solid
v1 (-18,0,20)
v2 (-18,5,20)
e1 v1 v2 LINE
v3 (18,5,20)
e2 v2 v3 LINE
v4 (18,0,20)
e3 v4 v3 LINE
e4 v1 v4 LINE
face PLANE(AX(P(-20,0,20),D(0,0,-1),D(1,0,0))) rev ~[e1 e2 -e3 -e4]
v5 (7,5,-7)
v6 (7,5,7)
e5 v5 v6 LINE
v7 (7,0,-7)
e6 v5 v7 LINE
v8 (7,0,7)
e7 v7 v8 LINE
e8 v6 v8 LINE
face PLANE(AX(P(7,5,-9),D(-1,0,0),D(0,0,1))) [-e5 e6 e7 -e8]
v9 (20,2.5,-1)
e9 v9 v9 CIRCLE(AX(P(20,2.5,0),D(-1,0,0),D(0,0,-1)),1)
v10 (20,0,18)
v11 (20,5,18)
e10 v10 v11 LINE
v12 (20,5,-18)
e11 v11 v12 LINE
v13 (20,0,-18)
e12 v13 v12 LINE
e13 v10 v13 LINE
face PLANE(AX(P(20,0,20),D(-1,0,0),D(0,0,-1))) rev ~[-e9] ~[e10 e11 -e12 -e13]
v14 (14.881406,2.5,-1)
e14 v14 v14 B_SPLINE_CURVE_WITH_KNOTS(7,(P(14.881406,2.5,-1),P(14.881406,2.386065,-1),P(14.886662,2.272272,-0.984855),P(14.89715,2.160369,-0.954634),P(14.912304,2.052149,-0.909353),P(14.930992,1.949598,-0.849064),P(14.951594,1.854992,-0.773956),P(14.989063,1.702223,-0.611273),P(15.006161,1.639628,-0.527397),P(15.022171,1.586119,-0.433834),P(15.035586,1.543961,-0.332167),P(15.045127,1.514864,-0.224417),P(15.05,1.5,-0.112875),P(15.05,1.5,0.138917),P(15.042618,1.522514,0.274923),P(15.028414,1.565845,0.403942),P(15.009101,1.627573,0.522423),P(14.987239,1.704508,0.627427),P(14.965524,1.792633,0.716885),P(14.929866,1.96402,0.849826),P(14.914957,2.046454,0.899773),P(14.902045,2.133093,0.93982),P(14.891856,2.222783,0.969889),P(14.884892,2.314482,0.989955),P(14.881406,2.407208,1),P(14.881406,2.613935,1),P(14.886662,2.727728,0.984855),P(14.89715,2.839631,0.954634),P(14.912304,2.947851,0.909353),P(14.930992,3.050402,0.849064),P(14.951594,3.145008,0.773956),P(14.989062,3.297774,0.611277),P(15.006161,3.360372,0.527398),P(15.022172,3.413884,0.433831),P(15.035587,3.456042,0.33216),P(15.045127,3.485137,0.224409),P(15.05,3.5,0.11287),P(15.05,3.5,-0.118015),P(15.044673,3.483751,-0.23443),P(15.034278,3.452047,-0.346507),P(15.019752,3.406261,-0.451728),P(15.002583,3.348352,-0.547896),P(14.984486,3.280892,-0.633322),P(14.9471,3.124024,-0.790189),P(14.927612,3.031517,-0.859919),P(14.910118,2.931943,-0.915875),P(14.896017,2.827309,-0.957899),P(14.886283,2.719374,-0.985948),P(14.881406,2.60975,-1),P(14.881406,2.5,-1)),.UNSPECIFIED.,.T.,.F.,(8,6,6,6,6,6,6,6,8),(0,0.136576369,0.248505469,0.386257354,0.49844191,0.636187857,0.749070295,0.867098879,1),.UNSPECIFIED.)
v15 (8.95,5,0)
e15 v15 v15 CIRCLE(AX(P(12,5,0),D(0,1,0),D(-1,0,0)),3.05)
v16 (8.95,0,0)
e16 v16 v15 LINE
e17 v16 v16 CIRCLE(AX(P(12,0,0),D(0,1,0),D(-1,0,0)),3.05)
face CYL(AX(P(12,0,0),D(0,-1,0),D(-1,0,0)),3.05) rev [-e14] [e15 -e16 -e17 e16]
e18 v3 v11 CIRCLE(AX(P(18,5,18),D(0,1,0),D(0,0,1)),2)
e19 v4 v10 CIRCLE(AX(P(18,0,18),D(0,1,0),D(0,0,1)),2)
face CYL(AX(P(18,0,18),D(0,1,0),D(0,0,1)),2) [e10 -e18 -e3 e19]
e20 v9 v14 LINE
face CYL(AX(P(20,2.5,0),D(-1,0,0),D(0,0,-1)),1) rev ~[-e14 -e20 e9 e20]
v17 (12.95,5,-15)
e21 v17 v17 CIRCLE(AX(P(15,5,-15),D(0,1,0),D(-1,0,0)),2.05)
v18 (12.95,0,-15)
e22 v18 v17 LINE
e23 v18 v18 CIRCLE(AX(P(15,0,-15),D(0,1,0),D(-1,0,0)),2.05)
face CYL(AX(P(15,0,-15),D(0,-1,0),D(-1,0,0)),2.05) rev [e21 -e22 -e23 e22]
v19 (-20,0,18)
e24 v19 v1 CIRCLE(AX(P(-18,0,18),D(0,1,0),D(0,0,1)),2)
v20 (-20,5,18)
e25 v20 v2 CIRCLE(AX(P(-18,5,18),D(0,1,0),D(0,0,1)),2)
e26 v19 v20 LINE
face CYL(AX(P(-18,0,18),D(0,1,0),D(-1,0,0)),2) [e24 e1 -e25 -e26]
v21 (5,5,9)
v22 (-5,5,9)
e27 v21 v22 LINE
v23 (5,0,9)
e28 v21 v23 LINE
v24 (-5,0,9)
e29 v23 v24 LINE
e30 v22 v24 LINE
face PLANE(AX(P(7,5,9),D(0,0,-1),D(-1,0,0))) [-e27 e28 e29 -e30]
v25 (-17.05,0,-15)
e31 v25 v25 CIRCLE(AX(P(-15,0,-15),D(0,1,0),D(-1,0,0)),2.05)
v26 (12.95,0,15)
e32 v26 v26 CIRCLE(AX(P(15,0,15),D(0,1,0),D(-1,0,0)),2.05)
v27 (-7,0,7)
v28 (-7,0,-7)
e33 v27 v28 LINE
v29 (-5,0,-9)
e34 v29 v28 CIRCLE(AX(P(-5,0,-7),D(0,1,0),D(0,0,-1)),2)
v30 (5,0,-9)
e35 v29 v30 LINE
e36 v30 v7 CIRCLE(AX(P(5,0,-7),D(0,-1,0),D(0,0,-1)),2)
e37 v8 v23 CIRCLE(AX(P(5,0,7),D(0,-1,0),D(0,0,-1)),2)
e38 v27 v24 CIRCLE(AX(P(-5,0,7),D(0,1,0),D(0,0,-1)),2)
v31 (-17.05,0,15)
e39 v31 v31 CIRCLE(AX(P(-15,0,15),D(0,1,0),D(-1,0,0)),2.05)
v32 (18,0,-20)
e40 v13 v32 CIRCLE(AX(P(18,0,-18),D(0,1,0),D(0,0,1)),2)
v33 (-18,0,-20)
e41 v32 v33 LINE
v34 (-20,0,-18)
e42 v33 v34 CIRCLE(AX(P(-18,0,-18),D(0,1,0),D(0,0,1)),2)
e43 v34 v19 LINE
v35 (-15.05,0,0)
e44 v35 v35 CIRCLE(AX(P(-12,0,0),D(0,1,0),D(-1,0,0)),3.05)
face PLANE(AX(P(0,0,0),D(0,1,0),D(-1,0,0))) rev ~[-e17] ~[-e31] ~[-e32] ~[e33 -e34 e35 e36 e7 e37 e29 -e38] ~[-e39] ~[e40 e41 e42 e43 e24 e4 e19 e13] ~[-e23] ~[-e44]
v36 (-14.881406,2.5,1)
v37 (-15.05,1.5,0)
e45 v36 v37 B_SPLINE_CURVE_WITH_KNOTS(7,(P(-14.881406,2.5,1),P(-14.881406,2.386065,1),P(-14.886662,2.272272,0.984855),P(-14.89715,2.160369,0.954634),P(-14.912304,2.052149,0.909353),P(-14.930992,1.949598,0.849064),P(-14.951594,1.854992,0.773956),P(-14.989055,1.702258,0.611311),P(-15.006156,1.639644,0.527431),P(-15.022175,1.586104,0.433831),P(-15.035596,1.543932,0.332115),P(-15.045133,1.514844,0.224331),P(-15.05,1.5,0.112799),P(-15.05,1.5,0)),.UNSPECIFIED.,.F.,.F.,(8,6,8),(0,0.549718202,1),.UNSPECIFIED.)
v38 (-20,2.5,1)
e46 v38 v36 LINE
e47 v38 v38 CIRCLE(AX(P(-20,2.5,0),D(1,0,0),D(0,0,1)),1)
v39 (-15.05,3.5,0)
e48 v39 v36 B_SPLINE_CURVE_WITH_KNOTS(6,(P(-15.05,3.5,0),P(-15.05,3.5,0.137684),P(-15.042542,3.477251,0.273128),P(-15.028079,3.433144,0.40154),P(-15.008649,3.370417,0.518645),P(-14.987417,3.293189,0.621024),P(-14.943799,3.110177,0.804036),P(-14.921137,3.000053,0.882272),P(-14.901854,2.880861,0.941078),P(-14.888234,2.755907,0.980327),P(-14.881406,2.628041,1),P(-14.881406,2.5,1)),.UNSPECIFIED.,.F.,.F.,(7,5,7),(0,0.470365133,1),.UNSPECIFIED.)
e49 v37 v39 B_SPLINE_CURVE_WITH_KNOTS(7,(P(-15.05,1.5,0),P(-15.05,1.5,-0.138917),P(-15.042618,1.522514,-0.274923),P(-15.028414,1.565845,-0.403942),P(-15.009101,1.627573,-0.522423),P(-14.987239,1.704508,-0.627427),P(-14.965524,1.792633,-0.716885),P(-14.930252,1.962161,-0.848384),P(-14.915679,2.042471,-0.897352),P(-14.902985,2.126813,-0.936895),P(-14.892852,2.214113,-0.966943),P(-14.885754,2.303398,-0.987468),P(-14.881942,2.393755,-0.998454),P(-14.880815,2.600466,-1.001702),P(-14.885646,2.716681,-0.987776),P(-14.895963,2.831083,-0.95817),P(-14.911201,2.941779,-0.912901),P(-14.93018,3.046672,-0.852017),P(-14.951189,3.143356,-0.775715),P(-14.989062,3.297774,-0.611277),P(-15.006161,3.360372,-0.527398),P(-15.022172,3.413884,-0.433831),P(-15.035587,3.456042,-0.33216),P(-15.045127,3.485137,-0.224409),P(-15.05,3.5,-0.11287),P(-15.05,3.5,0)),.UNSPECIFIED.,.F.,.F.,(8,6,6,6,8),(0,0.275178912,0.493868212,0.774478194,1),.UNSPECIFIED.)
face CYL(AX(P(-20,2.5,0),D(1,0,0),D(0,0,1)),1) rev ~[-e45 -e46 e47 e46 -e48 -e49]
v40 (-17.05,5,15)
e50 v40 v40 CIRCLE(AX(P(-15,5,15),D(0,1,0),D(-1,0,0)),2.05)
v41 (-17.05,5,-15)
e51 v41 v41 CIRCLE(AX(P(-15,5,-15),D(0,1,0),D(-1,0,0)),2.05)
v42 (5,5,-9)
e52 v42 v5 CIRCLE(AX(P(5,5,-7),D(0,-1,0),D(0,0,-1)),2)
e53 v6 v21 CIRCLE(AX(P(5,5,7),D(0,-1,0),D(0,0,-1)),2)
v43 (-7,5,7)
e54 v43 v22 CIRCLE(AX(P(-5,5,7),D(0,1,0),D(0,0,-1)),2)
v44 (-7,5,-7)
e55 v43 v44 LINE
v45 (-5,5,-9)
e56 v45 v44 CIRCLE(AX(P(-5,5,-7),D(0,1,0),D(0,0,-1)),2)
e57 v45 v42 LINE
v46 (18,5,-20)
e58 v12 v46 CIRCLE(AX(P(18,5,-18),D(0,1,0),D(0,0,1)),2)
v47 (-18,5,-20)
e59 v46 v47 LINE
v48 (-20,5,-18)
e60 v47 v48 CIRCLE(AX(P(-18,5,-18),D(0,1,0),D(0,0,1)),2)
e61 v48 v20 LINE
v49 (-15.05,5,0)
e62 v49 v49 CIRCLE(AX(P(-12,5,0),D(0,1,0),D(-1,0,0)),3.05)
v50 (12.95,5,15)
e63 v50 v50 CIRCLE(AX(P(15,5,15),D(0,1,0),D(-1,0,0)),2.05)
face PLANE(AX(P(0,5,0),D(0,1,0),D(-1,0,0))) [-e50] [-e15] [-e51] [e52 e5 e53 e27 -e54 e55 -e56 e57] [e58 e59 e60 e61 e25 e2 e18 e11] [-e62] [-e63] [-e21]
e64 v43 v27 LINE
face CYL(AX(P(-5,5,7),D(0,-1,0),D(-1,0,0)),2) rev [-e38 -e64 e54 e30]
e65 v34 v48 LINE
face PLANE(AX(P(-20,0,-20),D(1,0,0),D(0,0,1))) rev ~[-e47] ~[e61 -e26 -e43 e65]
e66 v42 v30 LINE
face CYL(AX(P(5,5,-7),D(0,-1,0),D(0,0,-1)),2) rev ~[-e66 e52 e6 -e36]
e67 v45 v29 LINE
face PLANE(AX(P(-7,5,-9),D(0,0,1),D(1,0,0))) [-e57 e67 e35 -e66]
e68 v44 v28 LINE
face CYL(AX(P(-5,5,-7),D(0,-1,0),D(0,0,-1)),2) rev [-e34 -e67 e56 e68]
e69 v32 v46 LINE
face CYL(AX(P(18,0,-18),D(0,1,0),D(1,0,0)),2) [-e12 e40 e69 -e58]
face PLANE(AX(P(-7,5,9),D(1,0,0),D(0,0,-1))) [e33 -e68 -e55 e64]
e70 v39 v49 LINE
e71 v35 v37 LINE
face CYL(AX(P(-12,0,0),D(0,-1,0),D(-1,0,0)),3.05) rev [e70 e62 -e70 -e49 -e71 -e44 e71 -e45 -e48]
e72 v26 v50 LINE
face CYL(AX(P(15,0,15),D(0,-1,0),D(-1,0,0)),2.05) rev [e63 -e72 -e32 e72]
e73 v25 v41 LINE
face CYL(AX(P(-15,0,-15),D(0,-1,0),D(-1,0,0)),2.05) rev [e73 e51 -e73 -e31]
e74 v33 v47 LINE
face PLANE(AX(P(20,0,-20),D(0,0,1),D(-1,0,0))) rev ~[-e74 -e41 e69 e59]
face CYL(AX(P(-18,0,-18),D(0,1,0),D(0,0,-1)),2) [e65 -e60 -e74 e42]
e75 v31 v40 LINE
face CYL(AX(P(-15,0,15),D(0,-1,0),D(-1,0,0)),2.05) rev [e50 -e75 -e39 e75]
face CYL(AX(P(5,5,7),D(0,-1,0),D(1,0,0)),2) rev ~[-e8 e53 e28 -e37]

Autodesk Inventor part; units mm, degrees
ref_plane "YZ Plane" through (0, 0, 0) normal (1, 0, 0) x (0, 1, 0)
ref_plane "XZ Plane" through (0, 0, 0) normal (0, 1, 0) x (-1, 0, 0)
ref_plane "XY Plane" through (0, 0, 0) normal (0, 0, 1) x (1, 0, 0)
sketch "Sketch1" plane through (0, 0, 0) normal (0, 1, 0) x (-1, 0, 0)
  line L0 (-17.5, -17.5) -> (17.5, 17.5) construction
  line L1 (17.5, -17.5) -> (-17.5, 17.5) construction
  circle A0 centre (15, -15) radius 2.05
  circle A1 centre (-15, -15) radius 2.05
  circle A2 centre (-15, 15) radius 2.05
  circle A3 centre (15, 15) radius 2.05
  line L2 (20, 20) -> (-20, 20)
  line L3 (-20, 20) -> (-20, -20)
  line L4 (-20, -20) -> (20, -20)
  line L5 (20, -20) -> (20, 20)
  line L6 (20, 20) -> (-20, -20) construction
  line L7 (-20, 20) -> (20, -20) construction
  circle A4 centre (12, 0) radius 3.05
  circle A5 centre (-12, 0) radius 3.05
  point P0 (0, 0)
  dimension "d0" = 35
  dimension "d1" = 35
  dimension "d2" = 4.1
  dimension "d3" = 4.1
  dimension "d4" = 4.1
  dimension "d5" = 4.1
  dimension "d6" = 30
  dimension "d7" = 30
  dimension "d8" = 30
  dimension "d9" = 30
  dimension "d10" = 40
  dimension "d11" = 40
  dimension "d14" = 6.1
  dimension "d15" = 8
  dimension "d16" = 6.1
  dimension "d17" = 8
extrude "Extrusion2" add sketch "Sketch1" along normal blind 5
sketch "Sketch2" plane through (20, 0, 20) normal (1, 0, 0) x (0, 0, -1)
  circle A0 centre (20, 2.5) radius 1
  line L0 (0, 5) -> (40, 5) projected
  point P0 (20, 0)
  dimension "d20" = 2
  dimension "d21" = 2.5
hole "Hole1" at (20, 2.5, 0) direction (-1, 0, 0) diameter 2 depth 8 tip angle 118
thread "Thread1" size "M2x0.4" class "6H" standard "ANSI Metric M Profile" full length
sketch "Sketch3" plane through (-20, 0, -20) normal (-1, 0, 0) x (0, 0, 1)
  circle A0 centre (20, 2.5) radius 1 projected
  circle A1 centre (20, 2.5) radius 1
  point P0 (20, 0)
  dimension "d31" = 2
hole "Hole2" at (-20, 2.5, 0) direction (1, 0, 0) diameter 2 depth 8 tip angle 118
thread "Thread2" size "M2x0.4" class "6H" standard "ANSI Metric M Profile" full length
sketch "Sketch4" plane through (0, 5, 0) normal (0, 1, 0) x (1, 0, 0)
  line L0 (7, -9) -> (-7, -9)
  line L1 (-7, -9) -> (-7, 9)
  line L2 (-7, 9) -> (7, 9)
  line L3 (7, 9) -> (7, -9)
  line L4 (7, -9) -> (-7, 9) construction
  line L5 (-7, -9) -> (7, 9) construction
  point P0 (0, 0)
  dimension "d41" = 14
  dimension "d42" = 18
extrude "Extrusion3" cut sketch "Sketch4" against normal blind 10
fillet "Fillet1" radius 2 1 edges at (20, 2.5, 20)
fillet "Fillet2" radius 2 1 edges at (20, 2.5, -20)
fillet "Fillet3" radius 2 1 edges at (-20, 2.5, -20)
fillet "Fillet4" radius 2 1 edges at (-20, 2.5, 20)
fillet "Fillet5" radius 2 1 edges at (-7, 2.5, -9)
fillet "Fillet6" radius 2 1 edges at (-7, 2.5, 9)
fillet "Fillet7" radius 2 1 edges at (7, 2.5, -9)
fillet "Fillet8" radius 2 1 edges at (7, 2.5, 9)
properties part number "AdapterPlate"
